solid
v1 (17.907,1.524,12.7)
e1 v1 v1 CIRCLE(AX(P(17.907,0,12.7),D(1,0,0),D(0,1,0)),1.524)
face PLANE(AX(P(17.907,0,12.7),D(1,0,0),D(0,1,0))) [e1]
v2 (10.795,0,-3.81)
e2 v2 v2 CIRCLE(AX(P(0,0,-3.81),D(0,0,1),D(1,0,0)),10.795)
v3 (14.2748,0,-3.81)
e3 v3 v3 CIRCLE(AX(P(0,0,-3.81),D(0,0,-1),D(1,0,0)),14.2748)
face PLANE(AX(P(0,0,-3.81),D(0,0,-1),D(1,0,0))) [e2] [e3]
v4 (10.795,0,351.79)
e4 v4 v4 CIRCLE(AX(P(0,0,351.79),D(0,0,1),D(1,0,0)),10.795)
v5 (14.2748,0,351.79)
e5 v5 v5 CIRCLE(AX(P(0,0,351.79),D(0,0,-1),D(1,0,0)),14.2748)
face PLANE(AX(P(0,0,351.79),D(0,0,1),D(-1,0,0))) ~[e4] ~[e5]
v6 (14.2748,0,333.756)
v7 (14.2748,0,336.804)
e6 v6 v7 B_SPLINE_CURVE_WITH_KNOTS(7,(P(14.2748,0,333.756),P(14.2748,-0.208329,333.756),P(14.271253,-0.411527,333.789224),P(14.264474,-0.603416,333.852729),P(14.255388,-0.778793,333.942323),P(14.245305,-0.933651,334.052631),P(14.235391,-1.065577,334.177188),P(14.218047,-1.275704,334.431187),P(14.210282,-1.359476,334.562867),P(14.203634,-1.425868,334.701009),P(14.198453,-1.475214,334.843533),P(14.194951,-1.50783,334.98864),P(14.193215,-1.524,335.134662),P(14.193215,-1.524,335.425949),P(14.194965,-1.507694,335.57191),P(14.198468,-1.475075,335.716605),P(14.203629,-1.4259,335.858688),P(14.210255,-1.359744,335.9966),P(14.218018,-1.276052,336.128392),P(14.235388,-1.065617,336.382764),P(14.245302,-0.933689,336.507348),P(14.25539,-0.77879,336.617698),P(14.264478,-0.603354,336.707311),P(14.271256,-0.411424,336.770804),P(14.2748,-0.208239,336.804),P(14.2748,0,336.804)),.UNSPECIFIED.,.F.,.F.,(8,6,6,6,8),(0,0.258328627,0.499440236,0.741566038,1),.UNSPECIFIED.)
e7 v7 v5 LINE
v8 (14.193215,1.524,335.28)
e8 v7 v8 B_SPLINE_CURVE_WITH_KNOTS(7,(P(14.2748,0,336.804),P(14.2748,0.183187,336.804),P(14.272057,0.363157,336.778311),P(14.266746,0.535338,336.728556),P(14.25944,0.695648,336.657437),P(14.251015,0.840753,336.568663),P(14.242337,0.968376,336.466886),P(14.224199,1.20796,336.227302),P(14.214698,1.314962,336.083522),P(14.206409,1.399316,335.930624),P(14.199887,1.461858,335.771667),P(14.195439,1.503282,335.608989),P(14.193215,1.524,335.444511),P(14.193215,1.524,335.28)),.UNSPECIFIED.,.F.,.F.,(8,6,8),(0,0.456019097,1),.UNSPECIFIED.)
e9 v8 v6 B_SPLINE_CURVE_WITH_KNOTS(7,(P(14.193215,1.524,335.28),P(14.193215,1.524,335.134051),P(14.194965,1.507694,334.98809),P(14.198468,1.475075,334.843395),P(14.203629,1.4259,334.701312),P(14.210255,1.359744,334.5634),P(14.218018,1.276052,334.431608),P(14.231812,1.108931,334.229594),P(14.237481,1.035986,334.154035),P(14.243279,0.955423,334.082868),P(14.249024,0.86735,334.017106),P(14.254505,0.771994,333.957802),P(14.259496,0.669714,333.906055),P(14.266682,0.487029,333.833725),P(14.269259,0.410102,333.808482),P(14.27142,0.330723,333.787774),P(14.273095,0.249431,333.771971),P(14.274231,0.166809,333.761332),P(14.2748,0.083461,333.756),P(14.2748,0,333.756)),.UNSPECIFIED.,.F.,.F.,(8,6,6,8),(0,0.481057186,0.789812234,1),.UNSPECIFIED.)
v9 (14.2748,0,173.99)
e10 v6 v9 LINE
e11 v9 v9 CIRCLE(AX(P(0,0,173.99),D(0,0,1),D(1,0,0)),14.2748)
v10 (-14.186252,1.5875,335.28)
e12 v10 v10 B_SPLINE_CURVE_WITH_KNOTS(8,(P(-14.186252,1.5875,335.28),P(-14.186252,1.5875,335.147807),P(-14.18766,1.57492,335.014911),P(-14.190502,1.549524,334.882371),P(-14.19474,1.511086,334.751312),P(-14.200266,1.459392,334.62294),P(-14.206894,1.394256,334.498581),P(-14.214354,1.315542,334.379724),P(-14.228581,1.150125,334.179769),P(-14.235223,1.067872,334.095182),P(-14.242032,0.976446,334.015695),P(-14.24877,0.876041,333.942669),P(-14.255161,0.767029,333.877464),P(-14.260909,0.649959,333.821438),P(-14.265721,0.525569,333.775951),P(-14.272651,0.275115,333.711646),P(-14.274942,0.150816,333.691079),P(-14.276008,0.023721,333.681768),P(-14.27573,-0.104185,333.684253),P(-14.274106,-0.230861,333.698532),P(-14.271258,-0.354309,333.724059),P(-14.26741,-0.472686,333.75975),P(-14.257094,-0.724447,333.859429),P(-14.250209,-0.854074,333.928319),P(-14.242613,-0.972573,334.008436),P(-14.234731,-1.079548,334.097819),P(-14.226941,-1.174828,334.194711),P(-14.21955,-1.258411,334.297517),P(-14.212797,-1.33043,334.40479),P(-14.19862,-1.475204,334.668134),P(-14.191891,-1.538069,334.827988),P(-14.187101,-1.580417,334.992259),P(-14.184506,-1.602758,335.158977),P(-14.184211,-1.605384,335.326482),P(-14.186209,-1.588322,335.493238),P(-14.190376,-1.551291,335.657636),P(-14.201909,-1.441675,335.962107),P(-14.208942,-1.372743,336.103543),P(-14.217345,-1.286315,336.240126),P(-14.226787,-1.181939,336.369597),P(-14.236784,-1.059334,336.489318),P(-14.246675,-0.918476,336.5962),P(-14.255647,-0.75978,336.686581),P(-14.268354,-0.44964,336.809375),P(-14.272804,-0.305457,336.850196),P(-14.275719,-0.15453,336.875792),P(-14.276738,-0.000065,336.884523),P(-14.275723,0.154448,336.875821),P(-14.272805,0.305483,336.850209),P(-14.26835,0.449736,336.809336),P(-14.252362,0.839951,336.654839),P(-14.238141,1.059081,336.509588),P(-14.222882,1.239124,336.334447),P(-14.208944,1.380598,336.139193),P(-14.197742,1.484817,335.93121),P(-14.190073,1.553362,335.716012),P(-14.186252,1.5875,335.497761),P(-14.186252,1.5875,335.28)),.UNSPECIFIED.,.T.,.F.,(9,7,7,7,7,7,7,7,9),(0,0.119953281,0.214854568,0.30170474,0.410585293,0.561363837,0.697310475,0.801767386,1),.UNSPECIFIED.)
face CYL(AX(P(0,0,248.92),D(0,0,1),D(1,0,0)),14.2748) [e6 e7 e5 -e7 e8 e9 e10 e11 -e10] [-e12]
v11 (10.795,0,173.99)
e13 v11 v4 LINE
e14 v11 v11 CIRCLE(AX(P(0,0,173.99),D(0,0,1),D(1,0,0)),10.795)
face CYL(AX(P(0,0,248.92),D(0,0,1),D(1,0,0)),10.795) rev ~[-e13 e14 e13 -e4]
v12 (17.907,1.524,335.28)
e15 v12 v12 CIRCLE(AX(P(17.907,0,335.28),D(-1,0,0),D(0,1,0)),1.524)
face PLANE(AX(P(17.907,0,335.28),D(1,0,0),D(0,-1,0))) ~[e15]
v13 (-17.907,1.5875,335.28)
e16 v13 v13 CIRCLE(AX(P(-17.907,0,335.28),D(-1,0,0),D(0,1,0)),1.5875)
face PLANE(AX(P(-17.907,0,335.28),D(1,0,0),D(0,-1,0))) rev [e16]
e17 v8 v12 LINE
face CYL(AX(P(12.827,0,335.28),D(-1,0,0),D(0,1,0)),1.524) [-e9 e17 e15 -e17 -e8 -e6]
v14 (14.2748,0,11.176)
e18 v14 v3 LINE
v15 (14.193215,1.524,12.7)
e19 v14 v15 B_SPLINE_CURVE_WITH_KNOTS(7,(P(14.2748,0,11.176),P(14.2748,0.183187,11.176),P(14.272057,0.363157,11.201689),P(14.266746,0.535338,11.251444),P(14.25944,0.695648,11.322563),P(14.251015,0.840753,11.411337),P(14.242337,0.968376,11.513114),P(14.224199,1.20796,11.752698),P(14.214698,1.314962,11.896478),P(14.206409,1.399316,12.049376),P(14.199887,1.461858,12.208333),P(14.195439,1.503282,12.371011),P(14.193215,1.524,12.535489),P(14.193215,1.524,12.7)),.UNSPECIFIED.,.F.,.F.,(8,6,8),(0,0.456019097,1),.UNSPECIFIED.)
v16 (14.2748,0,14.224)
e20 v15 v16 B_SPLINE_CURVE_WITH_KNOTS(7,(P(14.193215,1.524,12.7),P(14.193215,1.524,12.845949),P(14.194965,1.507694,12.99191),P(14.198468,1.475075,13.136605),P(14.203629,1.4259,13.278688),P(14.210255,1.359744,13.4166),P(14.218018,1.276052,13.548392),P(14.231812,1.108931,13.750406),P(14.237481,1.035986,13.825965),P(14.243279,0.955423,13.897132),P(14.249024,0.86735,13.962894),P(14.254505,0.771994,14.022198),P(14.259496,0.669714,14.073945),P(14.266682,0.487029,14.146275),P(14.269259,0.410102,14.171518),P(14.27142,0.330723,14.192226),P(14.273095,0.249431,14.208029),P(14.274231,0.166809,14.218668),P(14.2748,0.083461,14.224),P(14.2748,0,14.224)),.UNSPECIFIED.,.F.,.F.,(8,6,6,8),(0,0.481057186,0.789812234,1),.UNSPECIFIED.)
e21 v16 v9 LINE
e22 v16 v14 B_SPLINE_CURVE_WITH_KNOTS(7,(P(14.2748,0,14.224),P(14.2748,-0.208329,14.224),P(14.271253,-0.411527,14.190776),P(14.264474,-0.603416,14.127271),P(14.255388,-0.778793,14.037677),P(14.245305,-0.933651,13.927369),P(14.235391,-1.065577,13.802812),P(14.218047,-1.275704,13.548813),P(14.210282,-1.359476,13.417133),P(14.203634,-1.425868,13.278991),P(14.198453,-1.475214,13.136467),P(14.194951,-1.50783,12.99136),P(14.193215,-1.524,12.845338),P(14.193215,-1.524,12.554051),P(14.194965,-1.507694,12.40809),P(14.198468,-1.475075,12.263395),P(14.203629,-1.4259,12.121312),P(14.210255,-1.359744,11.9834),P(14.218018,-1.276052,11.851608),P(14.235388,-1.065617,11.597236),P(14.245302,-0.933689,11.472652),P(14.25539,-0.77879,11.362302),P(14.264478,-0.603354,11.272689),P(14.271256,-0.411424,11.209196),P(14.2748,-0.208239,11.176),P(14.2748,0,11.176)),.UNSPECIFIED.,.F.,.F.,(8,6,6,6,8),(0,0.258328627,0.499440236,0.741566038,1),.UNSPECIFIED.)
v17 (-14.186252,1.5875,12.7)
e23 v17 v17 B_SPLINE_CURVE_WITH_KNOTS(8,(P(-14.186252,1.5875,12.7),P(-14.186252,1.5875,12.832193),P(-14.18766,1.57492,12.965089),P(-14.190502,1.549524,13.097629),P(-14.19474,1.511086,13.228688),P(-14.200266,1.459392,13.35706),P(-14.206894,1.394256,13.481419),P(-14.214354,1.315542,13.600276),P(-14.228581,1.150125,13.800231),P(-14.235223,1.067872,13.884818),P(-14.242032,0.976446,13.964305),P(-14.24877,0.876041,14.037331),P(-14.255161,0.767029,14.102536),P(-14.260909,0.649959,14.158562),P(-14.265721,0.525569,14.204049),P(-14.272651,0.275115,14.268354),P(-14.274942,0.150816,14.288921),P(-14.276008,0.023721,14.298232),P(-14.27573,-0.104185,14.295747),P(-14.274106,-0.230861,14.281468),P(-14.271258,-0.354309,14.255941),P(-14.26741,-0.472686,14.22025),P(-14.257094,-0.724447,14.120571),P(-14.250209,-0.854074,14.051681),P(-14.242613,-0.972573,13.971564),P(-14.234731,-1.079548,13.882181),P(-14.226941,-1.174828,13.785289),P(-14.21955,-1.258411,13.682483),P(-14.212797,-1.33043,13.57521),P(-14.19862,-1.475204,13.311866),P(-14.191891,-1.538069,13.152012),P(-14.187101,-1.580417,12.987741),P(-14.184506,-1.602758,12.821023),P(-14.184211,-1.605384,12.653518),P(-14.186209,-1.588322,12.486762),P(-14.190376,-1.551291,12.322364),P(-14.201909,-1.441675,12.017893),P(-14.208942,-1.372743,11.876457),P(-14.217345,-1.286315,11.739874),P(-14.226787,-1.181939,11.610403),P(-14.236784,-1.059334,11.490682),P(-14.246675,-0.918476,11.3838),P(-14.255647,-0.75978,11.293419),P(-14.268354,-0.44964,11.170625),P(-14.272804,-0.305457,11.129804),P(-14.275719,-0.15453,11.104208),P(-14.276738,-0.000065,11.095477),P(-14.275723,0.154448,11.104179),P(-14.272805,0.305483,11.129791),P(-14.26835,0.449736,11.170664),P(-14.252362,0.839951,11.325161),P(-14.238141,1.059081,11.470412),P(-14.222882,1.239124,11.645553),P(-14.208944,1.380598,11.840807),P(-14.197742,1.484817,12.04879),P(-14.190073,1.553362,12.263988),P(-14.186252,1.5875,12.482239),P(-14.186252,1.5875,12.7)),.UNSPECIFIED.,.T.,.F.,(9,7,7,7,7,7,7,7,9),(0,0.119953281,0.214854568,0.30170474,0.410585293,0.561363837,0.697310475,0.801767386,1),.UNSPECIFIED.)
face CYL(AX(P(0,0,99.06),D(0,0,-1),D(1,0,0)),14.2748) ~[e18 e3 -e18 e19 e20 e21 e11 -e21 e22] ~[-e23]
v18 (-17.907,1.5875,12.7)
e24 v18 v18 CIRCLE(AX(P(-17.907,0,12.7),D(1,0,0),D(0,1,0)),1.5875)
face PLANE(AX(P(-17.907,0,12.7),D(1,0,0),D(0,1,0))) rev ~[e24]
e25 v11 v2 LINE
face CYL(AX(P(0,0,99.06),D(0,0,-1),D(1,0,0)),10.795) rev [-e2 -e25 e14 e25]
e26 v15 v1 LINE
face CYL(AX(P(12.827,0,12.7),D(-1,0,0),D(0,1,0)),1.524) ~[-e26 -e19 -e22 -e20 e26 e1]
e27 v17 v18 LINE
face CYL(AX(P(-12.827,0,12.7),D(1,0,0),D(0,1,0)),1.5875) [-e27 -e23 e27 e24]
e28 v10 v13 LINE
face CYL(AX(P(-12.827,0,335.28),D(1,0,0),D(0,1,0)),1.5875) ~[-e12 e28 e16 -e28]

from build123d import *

# Parameters (mm, degrees)
F0_R      = 14.2748
F0_R_2    = 12.827
F1_DEPTH  = 266.7
F3_DEPTH  = 12.7
F4_R      = 14.2748
F4_R_2    = 12.827
F5_DEPTH  = 76.2
F7_R      = 1.524
F8_DEPTH  = 5.08
F10_R     = 1.5875
F11_DEPTH = 5.08
F12_R     = 14.2875
F13_DEPTH = 256.54
F14_R     = 14.2748
F14_R_2   = 12.827
F15_DEPTH = 3.81
F16_R     = 14.2748
F16_R_2   = 10.795
F17_DEPTH = 102.87
F18_DEPTH = 74.93


with BuildPart() as f1:
    # F0 (on Top) → F1 (new body)
    with BuildSketch(Plane.XY):
        Circle(F0_R)
        Circle(F0_R_2, mode=Mode.SUBTRACT)
    extrude(amount=F1_DEPTH)

    # F2 (on face) → F3 (join)
    with BuildSketch(Plane.XY.offset(266.7)):
        with BuildLine():
            Line((-3.175, 12.4278438999), (-3.175, 13.9172299701))
            ThreePointArc((-3.175, 13.9172299701), (0, -14.2748), (3.175, 13.9172299701))
            Line((3.175, 13.9172299701), (3.175, 12.4278438999))
            ThreePointArc((3.175, 12.4278438999), (0, -12.827), (-3.175, 12.4278438999))
        make_face()
    extrude(amount=F3_DEPTH)

    # F4 (on face) → F5 (join)
    with BuildSketch(Plane.XY.offset(279.4)):
        Circle(F4_R)
        Circle(F4_R_2, mode=Mode.SUBTRACT)
    extrude(amount=F5_DEPTH)

    # F7 (on offset) → F8 (join)
    with BuildSketch(Plane.YZ.offset(12.827)):
        with Locations((0, 12.7)):
            Circle(F7_R)
    extrude(amount=F8_DEPTH)

    # F10 (on offset) → F11 (join)
    with BuildSketch(Plane.YZ.offset(-12.827)):
        with Locations((0, 12.7)):
            Circle(F10_R)
    extrude(amount=-F11_DEPTH)

    # F12 (on face) → F13 (cut)
    with BuildSketch(Plane.XY.offset(355.6)):
        Circle(F12_R)
    extrude(amount=-F13_DEPTH, mode=Mode.SUBTRACT)

    # F14 (on face) → F15 (join)
    with BuildSketch(Plane(origin=(0, 0, 0), x_dir=(1, 0, 0), z_dir=(0, 0, -1))):
        Circle(F14_R)
        Circle(F14_R_2, mode=Mode.SUBTRACT)
    extrude(amount=F15_DEPTH)

    # F16 (on face) → F17 (join)
    with BuildSketch(Plane.XY.offset(99.06)):
        Circle(F16_R)
        Circle(F16_R_2, mode=Mode.SUBTRACT)
    extrude(amount=-F17_DEPTH)

    # F16 (on face) → F18 (join)
    with BuildSketch(Plane.XY.offset(99.06)):
        Circle(F16_R)
        Circle(F16_R_2, mode=Mode.SUBTRACT)
    extrude(amount=F18_DEPTH)

    # F19: F1 across face


with BuildPart() as f1_1:
    add(f1.part)
    add(f1.part.mirror(Plane.XY.offset(173.99)))


solid = f1_1.part
